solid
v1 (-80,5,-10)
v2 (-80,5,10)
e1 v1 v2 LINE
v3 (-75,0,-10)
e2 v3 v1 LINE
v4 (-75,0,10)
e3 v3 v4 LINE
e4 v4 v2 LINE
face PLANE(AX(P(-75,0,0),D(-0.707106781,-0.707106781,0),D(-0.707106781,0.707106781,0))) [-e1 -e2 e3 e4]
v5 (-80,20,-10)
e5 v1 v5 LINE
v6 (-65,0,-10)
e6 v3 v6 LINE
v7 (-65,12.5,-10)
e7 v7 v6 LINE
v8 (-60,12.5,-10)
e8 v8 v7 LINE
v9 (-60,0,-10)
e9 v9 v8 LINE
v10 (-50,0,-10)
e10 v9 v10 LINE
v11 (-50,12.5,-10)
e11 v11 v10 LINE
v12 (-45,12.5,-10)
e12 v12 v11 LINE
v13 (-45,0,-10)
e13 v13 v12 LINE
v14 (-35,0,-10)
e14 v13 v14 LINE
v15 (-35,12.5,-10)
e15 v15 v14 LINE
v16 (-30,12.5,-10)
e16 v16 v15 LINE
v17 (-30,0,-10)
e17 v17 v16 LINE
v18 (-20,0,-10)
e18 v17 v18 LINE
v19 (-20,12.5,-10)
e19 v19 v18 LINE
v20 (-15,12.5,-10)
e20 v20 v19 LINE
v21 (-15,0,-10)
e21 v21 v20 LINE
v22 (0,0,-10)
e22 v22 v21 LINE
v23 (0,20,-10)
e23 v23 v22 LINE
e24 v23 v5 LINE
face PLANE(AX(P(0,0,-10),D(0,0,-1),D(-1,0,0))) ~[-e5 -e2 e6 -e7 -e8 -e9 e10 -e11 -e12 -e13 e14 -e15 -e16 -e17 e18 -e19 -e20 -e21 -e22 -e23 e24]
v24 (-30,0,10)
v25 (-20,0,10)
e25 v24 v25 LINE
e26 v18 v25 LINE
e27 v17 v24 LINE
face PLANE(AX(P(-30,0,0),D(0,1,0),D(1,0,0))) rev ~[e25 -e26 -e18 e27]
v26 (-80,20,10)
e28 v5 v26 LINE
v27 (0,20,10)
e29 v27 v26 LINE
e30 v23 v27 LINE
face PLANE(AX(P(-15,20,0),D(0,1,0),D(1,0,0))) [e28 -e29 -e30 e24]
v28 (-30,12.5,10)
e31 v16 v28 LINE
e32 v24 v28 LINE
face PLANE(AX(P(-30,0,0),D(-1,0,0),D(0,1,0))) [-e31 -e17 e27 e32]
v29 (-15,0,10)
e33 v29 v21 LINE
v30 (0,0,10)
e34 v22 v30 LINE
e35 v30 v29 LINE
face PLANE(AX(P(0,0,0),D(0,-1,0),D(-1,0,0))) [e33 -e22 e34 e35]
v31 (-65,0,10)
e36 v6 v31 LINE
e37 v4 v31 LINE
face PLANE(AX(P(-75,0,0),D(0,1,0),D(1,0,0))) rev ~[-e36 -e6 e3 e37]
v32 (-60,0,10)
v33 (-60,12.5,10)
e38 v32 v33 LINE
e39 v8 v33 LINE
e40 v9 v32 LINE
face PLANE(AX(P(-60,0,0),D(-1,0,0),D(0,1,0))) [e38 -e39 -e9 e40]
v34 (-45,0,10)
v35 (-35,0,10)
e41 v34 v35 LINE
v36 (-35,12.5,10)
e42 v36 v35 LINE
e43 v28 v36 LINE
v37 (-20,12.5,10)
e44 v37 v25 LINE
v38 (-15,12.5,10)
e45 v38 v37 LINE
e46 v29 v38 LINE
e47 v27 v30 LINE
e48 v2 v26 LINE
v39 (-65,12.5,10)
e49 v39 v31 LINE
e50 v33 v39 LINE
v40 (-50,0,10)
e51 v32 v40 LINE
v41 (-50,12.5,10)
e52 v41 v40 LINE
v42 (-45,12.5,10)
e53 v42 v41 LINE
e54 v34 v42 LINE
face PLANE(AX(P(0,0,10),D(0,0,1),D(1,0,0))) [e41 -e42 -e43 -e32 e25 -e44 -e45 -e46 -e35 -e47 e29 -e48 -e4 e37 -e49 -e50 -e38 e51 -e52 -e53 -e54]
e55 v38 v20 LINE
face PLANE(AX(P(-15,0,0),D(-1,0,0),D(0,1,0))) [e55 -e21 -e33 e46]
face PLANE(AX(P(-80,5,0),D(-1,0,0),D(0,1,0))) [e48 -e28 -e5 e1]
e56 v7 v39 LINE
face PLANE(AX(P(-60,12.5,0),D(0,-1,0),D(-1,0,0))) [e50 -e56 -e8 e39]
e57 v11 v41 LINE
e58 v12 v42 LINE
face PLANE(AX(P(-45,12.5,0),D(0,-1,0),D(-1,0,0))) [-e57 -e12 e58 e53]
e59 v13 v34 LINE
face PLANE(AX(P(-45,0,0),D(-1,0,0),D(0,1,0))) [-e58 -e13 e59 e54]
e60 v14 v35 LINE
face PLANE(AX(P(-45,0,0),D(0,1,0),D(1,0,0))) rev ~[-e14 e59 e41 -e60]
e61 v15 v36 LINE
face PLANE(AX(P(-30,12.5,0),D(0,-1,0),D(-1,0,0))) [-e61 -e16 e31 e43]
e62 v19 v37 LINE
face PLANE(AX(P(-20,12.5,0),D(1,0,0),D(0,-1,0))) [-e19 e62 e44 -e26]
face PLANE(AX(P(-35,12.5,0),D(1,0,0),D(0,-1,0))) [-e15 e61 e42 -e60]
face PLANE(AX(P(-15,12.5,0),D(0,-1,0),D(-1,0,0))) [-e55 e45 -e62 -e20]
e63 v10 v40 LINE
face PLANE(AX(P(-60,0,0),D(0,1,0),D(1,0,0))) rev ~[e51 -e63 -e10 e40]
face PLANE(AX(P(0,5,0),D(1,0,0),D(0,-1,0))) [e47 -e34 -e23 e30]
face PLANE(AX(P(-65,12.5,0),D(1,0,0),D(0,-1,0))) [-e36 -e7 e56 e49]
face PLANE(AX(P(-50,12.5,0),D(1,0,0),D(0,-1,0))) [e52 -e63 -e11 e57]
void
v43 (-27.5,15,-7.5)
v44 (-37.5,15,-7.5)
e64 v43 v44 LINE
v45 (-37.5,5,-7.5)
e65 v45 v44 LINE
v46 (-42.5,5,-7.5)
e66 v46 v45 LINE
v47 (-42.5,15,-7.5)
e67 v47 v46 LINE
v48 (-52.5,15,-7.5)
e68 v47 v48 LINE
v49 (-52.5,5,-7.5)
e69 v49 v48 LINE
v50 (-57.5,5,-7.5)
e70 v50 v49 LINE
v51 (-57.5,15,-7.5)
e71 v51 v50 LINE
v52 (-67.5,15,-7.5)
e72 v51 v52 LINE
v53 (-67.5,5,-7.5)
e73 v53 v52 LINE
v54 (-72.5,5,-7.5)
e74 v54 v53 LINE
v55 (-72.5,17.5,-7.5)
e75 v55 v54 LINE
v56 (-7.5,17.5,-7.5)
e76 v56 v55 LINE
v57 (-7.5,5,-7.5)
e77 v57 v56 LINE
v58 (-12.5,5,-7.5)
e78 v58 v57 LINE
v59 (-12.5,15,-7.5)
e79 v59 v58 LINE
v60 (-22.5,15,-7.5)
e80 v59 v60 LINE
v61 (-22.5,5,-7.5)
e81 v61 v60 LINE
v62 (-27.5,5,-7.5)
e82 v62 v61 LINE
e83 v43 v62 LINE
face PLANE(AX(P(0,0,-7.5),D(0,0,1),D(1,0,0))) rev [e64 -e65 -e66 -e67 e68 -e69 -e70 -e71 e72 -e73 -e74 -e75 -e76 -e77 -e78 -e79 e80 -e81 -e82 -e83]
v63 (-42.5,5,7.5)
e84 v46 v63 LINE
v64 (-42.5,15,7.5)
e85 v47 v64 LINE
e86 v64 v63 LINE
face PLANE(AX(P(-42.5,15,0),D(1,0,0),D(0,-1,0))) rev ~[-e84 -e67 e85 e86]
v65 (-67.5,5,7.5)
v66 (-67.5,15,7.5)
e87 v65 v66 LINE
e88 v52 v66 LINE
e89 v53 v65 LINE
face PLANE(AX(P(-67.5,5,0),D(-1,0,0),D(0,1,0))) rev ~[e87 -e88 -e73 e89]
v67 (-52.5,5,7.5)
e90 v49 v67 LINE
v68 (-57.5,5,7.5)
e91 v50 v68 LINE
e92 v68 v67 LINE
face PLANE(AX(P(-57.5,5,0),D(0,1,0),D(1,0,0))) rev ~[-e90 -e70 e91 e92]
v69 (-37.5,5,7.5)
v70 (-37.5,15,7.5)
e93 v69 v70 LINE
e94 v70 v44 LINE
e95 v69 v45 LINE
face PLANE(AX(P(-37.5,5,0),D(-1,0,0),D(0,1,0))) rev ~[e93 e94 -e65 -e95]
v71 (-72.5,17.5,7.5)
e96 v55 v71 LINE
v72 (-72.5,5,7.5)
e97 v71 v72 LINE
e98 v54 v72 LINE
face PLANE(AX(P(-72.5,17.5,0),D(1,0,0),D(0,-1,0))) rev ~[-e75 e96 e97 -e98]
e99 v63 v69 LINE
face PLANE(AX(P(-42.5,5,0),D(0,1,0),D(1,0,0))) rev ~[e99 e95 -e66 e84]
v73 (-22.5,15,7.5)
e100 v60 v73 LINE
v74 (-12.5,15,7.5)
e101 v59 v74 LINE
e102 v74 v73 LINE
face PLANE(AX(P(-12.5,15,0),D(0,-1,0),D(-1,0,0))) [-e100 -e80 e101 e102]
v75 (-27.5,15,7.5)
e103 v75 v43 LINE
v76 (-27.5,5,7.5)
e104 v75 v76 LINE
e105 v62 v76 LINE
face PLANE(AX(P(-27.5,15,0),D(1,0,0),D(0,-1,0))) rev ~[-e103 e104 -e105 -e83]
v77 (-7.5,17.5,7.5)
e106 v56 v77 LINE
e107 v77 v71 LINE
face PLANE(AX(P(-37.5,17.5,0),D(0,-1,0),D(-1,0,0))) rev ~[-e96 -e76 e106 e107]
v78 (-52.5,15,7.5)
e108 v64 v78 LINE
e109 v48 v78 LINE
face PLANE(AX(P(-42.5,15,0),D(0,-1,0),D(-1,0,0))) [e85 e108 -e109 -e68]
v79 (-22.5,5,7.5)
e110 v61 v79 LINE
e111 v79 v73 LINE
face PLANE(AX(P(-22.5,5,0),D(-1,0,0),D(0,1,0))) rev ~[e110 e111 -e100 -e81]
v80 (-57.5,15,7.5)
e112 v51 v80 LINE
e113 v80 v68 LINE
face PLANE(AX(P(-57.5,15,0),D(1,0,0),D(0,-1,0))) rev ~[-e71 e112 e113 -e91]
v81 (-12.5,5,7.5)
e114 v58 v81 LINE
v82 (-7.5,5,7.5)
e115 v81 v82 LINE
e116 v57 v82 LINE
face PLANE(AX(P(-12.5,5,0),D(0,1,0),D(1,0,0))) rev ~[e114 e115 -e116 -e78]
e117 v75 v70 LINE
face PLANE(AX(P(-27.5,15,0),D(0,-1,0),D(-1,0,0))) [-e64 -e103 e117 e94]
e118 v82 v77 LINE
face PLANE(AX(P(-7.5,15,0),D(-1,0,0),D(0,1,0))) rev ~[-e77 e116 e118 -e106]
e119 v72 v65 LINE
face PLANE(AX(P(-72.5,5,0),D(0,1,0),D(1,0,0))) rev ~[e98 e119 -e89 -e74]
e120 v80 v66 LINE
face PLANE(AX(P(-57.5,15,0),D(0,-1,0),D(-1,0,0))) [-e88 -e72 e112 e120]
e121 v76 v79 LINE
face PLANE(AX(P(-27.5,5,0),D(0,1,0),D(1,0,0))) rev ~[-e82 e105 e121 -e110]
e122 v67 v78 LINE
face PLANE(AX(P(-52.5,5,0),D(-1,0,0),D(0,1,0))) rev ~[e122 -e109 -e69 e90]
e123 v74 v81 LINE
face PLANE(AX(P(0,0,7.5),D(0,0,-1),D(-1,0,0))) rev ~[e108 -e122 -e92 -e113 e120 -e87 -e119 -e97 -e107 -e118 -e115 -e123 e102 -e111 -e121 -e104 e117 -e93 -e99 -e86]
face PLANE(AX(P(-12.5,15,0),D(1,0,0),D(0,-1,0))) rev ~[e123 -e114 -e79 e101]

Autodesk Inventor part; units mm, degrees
ref_plane "YZ Plane" through (0, 0, 0) normal (1, 0, 0) x (0, 1, 0)
ref_plane "XZ Plane" through (0, 0, 0) normal (0, 1, 0) x (-1, 0, 0)
ref_plane "XY Plane" through (0, 0, 0) normal (0, 0, 1) x (1, 0, 0)
sketch "スケッチ1" plane through (0, 0, 0) normal (0, 0, 1) x (1, 0, 0)
  line L0 (0, 0) -> (-15, 0)
  line L1 (-15, 0) -> (-15, 20)
  line L2 (-15, 20) -> (0, 20)
  line L3 (0, 20) -> (0, 0)
  line L4 (0, 0) -> (0, 43.6966) construction
  line L5 (-15, 12.5) -> (-20, 12.5)
  line L6 (-20, 12.5) -> (-20, 0)
  line L7 (-30, 0) -> (-30, 12.5)
  line L8 (-30, 0) -> (-20, 0)
  line L9 (23.8812, 0) -> (-169.724, 0) construction
  line L10 (-45, 0) -> (-45, 12.5)
  line L11 (-45, 0) -> (-35, 0)
  line L12 (-35, 12.5) -> (-35, 0)
  line L13 (-30, 12.5) -> (-35, 12.5)
  line L14 (-60, 0) -> (-60, 12.5)
  line L15 (-60, 0) -> (-50, 0)
  line L16 (-50, 12.5) -> (-50, 0)
  line L17 (-45, 12.5) -> (-50, 12.5)
  line L18 (-75, 0) -> (-75, 12.5)
  line L19 (-75, 0) -> (-65, 0)
  line L20 (-65, 12.5) -> (-65, 0)
  line L21 (-60, 12.5) -> (-65, 12.5)
  line L22 (-75, 0) -> (-80, 0)
  line L23 (-80, 0) -> (-80, 20)
  line L24 (-80, 20) -> (-75, 20)
  line L25 (-75, 20) -> (-75, 0)
  line L26 (-75, 20) -> (-15, 20)
  line L27 (-75, 0) -> (-80, 5)
  line L28 (-75, 0) -> (-67.9289, 0) construction
  line L29 (0, 5) -> (-5, 0)
  point P0 (-5, 0)
  dimension "d1" = 15
  dimension "d2" = 20
  dimension "d3" = 5
  dimension "d4" = 10
  dimension "d5" = 7.5
  dimension "d8" = 15
  dimension "d13" = 5
  dimension "d14" = 135
  dimension "d15" = 5
  dimension "d16" = 135
extrude "押し出し1" add sketch "スケッチ1" along normal blind 10 contours L0 L29 L3 | L0 L1 L2 L3 L29 | L5 L6 L8 L7 L13 L12 L11 L10 L17 L16 L15 L14 L21 L20 L19 L18 L25 L26 L1 | L25 L18 L27 L23 L24
sketch "スケッチ2" plane through (0, 0, 0) normal (0, 0, -1) x (-1, 0, 0)
  line L0 (80, 20) -> (80, 5) projected
  line L1 (0, 20) -> (80, 20) projected
  line L2 (0, 0) -> (0, 20) projected
  line L3 (15, 0) -> (0, 0) projected
  line L4 (15, 12.5) -> (15, 0) projected
  line L5 (20, 12.5) -> (15, 12.5) projected
  line L6 (20, 0) -> (20, 12.5) projected
  line L7 (30, 0) -> (20, 0) projected
  line L8 (30, 12.5) -> (30, 0) projected
  line L9 (35, 12.5) -> (30, 12.5) projected
  line L10 (35, 0) -> (35, 12.5) projected
  line L11 (45, 0) -> (35, 0) projected
  line L12 (45, 12.5) -> (45, 0) projected
  line L13 (50, 12.5) -> (45, 12.5) projected
  line L14 (50, 0) -> (50, 12.5) projected
  line L15 (60, 0) -> (50, 0) projected
  line L16 (60, 12.5) -> (60, 0) projected
  line L17 (65, 12.5) -> (60, 12.5) projected
  line L18 (65, 0) -> (65, 12.5) projected
  line L19 (75, 0) -> (65, 0) projected
  line L20 (80, 5) -> (75, 0) projected
  line L21 (40, 31.6917) -> (40, -9.5966) construction
  line L22 (42.5, 5) -> (37.5, 5)
  line L23 (37.5, 5) -> (37.5, 17.5)
  line L24 (37.5, 17.5) -> (42.5, 17.5)
  line L25 (42.5, 17.5) -> (42.5, 5)
  line L26 (42.5, 5) -> (37.5, 17.5) construction
  line L27 (37.5, 5) -> (42.5, 17.5) construction
  line L28 (-3.4293, 0) -> (98.1355, 0) construction
  line L29 (52.5, 5) -> (52.5, 17.5)
  line L30 (57.5, 5) -> (52.5, 5)
  line L31 (57.5, 17.5) -> (57.5, 5)
  line L32 (67.5, 5) -> (67.5, 17.5)
  line L33 (72.5, 5) -> (67.5, 5)
  line L34 (72.5, 17.5) -> (72.5, 5)
  line L35 (22.5, 5) -> (22.5, 17.5)
  line L36 (27.5, 5) -> (22.5, 5)
  line L37 (27.5, 17.5) -> (27.5, 5)
  line L38 (37.5, 5) -> (37.5, 17.5)
  line L39 (42.5, 5) -> (37.5, 5)
  line L40 (42.5, 17.5) -> (42.5, 5)
  line L41 (52.5, 5) -> (52.5, 17.5)
  line L42 (57.5, 5) -> (52.5, 5)
  line L43 (57.5, 17.5) -> (57.5, 5)
  line L44 (7.5, 5) -> (7.5, 17.5)
  line L45 (12.5, 5) -> (7.5, 5)
  line L46 (12.5, 17.5) -> (12.5, 5)
  line L47 (22.5, 5) -> (22.5, 17.5)
  line L48 (27.5, 5) -> (22.5, 5)
  line L49 (27.5, 17.5) -> (27.5, 5)
  line L50 (37.5, 5) -> (37.5, 17.5)
  line L51 (42.5, 5) -> (37.5, 5)
  line L52 (42.5, 17.5) -> (42.5, 5)
  line L53 (72.5, 17.5) -> (7.5, 17.5)
  line L54 (7.5, 15) -> (72.5, 15)
  point P0 (40, 11.25)
  point P1 (12.5, 15)
  point P2 (22.5, 15)
  point P3 (27.5, 15)
  point P4 (37.5, 15)
  point P5 (42.5, 15)
  point P6 (52.5, 15)
  point P7 (57.5, 15)
  point P8 (67.5, 15)
  dimension "d19" = 5
  dimension "d20" = 5
  dimension "d21" = 12.5
  dimension "d22" = 5
  dimension "d25" = 15
  dimension "d28" = 15
  dimension "d31" = 2.5
extrude "押し出し2" cut sketch "スケッチ2" against normal blind 7.5 contours L22 L23 L54 L25 | L54 L23 L24 L25 | L25 L53 L29 L54 | L54 L37 L53 L23 | L54 L31 L30 L29 | L29 L53 L31 L54 | L54 L35 L53 L37 | L37 L36 L35 L54 | L31 L53 L32 L54 | L54 L46 L53 L35 | L54 L34 L33 L32 | L32 L53 L34 L54 | L54 L44 L53 L46 | L46 L45 L44 L54
mirror "ミラー2" about plane through (-40, 10, 0) normal (0, 0, -1) of "押し出し1", "押し出し2"
